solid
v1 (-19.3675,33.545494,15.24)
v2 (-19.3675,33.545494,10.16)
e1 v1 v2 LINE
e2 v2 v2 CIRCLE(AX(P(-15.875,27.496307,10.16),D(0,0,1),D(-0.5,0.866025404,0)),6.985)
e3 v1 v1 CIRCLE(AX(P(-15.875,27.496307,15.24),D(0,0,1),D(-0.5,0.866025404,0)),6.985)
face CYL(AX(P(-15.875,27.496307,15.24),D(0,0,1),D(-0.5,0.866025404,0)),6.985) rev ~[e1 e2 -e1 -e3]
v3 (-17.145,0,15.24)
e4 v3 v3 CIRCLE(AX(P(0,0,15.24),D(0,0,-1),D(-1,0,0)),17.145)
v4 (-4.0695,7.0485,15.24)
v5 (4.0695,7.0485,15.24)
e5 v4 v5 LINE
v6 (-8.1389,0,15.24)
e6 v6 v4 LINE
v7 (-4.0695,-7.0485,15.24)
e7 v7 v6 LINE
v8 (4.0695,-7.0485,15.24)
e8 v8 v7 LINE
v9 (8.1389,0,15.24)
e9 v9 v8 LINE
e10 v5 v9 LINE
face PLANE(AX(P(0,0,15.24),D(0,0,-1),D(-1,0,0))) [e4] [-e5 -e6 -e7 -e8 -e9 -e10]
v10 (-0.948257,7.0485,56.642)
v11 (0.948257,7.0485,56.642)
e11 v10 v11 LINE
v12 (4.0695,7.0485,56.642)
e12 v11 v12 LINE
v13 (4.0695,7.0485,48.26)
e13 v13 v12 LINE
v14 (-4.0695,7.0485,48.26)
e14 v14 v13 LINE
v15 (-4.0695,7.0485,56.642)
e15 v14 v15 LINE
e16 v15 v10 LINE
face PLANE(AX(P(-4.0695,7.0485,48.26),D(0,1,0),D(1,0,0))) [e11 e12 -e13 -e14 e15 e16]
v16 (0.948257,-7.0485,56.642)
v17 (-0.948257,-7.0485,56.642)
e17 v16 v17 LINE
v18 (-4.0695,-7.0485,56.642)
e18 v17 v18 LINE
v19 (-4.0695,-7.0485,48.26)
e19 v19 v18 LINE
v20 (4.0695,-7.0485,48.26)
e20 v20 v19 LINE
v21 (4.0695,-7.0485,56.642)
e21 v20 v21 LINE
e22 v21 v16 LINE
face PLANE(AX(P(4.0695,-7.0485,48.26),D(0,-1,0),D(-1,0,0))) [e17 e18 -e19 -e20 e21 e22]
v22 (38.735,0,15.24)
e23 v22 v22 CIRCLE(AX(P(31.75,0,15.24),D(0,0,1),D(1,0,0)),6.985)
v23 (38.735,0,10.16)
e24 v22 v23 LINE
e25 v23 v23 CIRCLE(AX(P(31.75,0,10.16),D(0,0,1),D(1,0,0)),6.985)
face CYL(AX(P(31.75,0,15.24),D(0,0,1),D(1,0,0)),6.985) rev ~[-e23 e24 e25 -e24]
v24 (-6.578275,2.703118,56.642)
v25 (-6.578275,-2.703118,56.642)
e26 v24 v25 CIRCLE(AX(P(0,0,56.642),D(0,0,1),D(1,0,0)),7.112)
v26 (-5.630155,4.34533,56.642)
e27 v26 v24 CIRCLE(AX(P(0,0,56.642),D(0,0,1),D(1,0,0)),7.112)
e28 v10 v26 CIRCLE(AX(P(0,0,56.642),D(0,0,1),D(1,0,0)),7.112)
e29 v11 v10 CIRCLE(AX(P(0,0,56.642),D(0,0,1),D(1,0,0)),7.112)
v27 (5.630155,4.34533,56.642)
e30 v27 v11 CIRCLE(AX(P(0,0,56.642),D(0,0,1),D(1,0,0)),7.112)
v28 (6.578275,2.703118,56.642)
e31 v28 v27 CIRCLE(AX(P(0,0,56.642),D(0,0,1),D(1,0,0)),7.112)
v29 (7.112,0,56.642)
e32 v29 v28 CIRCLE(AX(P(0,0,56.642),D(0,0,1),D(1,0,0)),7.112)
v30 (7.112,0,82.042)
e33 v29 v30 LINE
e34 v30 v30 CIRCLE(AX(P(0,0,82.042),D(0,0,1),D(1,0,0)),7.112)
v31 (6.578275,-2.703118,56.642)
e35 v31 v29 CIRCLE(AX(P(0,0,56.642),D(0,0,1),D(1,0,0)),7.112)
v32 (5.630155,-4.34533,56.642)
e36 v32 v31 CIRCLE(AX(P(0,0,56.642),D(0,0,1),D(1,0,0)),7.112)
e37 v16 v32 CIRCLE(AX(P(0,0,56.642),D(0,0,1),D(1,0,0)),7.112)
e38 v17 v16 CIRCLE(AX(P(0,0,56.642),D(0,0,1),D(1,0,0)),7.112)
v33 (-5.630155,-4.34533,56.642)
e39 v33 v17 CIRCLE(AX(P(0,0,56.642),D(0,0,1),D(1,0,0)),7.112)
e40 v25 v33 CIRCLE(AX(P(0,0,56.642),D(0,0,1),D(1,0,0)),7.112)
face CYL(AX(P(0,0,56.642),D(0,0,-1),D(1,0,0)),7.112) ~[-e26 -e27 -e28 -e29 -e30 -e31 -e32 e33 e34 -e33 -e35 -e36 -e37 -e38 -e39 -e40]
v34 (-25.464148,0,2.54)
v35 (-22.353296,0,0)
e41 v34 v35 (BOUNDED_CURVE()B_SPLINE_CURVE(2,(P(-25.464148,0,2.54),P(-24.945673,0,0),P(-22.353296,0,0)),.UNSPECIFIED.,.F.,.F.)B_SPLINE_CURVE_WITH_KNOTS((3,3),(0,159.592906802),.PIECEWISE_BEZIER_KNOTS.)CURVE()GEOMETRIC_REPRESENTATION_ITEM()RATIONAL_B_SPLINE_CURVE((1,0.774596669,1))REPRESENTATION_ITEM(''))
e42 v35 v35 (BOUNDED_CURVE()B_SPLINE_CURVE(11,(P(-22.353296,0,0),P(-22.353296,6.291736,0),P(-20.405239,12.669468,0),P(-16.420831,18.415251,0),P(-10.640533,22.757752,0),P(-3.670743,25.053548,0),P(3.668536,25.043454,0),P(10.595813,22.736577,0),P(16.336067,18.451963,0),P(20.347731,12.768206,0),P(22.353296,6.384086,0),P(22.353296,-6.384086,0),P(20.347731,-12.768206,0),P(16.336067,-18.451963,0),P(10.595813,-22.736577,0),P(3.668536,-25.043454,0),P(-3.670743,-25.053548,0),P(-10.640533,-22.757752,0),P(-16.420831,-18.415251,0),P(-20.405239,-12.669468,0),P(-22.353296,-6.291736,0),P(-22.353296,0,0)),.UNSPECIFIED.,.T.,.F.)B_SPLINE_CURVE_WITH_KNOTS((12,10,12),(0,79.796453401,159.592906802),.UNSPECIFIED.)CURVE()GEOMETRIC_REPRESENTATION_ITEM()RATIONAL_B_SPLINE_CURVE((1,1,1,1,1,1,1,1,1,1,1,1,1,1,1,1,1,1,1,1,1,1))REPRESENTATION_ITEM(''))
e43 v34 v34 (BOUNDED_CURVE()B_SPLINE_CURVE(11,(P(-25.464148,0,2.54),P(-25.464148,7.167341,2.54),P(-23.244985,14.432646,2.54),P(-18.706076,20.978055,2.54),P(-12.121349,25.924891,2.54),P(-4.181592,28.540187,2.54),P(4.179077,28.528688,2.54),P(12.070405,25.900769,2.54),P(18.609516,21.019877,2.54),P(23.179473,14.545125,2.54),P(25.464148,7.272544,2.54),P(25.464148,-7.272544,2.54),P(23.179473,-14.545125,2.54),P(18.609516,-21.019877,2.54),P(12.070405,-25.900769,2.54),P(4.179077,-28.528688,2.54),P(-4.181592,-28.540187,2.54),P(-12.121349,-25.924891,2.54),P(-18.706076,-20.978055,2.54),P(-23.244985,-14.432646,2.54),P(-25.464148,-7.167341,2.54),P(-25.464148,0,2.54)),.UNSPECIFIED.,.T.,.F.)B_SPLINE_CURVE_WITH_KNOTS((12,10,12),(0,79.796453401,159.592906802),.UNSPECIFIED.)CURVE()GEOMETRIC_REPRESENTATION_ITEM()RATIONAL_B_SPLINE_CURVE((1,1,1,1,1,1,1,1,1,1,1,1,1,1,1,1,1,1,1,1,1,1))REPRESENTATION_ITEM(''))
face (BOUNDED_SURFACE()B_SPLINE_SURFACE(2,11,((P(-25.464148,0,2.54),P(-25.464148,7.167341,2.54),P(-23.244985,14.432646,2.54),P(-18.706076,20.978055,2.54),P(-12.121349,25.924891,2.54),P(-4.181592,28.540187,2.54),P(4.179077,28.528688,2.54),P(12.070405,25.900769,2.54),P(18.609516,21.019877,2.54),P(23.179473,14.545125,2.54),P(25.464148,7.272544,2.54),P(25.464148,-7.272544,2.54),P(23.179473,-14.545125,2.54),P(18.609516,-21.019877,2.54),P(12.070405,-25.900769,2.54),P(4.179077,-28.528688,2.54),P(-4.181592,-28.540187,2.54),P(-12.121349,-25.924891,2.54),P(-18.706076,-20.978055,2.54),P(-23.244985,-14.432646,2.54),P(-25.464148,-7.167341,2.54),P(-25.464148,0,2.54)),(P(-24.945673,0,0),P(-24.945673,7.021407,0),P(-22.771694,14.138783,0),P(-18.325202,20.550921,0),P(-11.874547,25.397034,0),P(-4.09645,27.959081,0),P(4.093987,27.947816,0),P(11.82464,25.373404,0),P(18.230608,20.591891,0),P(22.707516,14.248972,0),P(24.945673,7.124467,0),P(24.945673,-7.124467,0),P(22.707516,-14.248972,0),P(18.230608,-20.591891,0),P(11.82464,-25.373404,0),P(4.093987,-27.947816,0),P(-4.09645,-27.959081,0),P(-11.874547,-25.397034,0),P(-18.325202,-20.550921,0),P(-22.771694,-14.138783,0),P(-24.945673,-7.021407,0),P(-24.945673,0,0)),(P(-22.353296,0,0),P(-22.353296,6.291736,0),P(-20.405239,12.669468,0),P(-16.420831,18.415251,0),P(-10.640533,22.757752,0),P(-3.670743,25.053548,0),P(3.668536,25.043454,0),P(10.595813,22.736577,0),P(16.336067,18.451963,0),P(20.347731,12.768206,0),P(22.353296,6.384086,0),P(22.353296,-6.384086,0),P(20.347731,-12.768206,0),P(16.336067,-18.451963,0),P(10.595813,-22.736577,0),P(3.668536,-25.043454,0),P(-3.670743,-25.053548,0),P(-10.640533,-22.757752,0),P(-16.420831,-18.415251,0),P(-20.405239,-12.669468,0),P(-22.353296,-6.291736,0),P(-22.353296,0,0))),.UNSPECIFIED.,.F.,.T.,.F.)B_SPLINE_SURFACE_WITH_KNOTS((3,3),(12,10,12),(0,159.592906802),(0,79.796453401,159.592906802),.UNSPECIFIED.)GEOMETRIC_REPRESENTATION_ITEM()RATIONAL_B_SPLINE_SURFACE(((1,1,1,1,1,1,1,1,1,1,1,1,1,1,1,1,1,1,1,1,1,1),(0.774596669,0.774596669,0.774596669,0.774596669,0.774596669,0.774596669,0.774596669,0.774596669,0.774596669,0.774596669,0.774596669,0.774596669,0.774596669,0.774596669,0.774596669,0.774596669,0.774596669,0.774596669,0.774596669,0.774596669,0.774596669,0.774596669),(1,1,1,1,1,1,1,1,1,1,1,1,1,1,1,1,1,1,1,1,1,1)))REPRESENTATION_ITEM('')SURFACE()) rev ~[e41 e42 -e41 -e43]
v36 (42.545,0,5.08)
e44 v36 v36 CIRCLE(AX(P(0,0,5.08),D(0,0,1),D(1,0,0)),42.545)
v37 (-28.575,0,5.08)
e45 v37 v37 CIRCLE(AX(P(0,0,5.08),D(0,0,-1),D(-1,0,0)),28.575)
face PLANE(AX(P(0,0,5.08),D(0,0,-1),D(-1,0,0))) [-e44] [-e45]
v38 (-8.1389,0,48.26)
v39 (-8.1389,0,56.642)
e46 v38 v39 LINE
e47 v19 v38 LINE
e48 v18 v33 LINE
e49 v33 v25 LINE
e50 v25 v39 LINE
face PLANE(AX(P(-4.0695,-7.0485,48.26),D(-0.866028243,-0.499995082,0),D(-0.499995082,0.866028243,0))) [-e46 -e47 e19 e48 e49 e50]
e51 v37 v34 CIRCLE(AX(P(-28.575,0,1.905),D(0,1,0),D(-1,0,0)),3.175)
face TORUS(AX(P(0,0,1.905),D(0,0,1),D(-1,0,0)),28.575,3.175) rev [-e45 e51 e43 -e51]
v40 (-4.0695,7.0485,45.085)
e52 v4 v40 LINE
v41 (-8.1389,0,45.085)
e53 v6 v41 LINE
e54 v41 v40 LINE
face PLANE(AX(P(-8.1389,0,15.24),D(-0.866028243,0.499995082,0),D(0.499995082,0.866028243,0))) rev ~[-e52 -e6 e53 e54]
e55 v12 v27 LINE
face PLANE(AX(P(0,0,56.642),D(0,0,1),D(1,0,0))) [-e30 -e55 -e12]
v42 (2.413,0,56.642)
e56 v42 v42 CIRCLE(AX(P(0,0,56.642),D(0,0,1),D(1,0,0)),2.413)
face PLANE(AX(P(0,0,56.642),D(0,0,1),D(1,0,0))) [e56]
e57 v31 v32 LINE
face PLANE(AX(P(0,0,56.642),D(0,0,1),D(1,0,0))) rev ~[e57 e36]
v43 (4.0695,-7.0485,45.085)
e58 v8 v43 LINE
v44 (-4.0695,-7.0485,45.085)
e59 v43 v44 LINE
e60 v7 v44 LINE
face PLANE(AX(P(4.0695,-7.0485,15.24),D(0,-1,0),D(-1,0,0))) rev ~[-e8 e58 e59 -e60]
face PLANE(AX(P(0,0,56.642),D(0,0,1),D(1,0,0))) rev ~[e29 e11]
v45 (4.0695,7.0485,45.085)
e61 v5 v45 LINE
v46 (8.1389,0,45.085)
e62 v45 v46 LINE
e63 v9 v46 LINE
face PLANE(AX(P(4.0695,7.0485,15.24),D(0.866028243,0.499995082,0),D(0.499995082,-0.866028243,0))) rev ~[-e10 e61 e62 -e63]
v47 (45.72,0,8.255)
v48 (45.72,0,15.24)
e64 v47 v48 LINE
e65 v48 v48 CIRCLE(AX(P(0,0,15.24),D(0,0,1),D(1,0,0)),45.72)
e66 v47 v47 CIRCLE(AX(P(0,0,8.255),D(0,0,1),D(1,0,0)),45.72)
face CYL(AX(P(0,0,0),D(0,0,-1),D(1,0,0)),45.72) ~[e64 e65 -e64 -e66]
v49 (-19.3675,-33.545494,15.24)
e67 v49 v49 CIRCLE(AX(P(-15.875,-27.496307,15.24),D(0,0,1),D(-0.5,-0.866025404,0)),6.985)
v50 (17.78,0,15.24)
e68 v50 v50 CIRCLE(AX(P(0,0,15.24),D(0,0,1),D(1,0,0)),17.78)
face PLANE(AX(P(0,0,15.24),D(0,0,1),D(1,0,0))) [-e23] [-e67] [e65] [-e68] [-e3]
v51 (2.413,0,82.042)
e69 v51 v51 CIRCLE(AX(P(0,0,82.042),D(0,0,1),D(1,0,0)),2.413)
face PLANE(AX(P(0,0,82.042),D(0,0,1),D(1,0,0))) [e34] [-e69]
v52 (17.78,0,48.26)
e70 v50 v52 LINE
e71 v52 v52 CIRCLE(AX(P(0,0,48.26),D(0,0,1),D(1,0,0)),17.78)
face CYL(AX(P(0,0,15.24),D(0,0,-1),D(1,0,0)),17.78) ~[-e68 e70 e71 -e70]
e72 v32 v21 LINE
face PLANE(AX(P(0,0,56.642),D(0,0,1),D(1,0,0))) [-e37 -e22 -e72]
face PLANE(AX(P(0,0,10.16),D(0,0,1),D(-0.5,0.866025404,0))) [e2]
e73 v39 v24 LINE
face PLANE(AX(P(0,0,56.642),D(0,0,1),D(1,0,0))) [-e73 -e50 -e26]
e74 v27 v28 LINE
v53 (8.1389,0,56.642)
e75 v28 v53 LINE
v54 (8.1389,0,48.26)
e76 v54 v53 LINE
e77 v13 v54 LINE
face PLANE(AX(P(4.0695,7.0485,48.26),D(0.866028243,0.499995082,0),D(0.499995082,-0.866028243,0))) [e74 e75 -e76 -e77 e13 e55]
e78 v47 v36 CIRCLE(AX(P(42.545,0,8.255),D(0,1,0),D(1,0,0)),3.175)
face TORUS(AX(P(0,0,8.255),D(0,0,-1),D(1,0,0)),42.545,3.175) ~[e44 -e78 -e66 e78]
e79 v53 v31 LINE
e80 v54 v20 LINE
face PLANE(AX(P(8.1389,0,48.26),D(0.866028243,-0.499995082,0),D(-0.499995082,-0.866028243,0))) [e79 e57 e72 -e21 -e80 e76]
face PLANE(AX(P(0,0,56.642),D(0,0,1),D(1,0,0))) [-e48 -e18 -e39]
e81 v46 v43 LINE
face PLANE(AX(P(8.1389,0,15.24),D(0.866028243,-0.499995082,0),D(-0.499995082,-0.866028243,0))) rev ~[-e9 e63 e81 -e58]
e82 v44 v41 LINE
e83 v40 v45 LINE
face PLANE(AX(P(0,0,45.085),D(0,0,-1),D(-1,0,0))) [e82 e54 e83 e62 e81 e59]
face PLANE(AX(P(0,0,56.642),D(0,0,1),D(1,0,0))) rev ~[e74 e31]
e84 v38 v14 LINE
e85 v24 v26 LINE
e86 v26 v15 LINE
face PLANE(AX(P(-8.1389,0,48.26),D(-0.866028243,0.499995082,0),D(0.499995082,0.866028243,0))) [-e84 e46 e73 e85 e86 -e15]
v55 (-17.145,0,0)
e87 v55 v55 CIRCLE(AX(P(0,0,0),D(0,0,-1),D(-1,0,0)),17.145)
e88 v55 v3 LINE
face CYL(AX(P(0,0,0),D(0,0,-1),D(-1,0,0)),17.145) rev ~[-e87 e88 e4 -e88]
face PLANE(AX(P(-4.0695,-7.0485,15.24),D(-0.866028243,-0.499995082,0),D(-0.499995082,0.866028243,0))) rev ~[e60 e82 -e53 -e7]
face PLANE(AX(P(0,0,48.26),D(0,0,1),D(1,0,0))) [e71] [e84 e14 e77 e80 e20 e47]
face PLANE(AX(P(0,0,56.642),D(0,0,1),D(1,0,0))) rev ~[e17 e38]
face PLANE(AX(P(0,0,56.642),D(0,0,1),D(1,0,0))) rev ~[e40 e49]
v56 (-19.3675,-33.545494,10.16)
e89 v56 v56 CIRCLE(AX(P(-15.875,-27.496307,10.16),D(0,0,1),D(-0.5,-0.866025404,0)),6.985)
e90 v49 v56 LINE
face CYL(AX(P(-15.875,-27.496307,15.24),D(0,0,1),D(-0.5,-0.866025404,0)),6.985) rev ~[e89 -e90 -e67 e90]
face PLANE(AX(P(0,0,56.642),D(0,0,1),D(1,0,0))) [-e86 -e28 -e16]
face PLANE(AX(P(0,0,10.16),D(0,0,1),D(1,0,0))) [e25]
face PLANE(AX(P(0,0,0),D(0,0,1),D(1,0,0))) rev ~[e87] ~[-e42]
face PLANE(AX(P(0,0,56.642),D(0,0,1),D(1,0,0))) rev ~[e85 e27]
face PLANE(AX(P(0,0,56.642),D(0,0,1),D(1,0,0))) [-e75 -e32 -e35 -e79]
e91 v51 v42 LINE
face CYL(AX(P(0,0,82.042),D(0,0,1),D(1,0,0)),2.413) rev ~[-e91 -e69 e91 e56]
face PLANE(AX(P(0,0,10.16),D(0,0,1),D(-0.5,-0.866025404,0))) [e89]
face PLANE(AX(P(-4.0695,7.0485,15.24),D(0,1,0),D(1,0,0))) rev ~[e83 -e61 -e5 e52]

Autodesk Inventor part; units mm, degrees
ref_plane "YZ Plane" through (0, 0, 0) normal (1, 0, 0) x (0, 1, 0)
ref_plane "XZ Plane" through (0, 0, 0) normal (0, 1, 0) x (-1, 0, 0)
ref_plane "XY Plane" through (0, 0, 0) normal (0, 0, 1) x (1, 0, 0)
sketch "Sketch1" plane through (0, 0, 0) normal (0, 0, 1) x (1, 0, 0)
  circle A0 centre (0, 0) radius 45.72
  dimension "d0" = 91.44
extrude "Extrusion1" add sketch "Sketch1" along normal blind 15.24
sketch "Sketch2" plane through (0, 0, 15.24) normal (0, 0, 1) x (1, 0, 0)
  circle A0 centre (0, 0) radius 17.78
  dimension "d3" = 35.56
extrude "Extrusion2" add sketch "Sketch2" along normal blind 33.02
sketch "Sketch3" plane through (0, 0, 48.26) normal (0, 0, 1) x (1, 0, 0)
  line L0 (4.0695, 7.0485) -> (8.1389, 0)
  line L1 (8.1389, 0) -> (4.0695, -7.0485)
  line L2 (4.0695, -7.0485) -> (-4.0695, -7.0485)
  line L3 (-4.0695, -7.0485) -> (-8.1389, 0)
  line L4 (-8.1389, 0) -> (-4.0695, 7.0485)
  line L5 (-4.0695, 7.0485) -> (4.0695, 7.0485)
  point P0 (0, 0)
  point P1 (0, 0)
  dimension "d6" = 14.097
extrude "Extrusion3" add sketch "Sketch3" along normal blind 8.382
sketch "Sketch4" plane through (0, 0, 56.642) normal (0, 0, 1) x (1, 0, 0)
  circle A0 centre (0, 0) radius 7.112
  dimension "d9" = 14.224
extrude "Extrusion4" add sketch "Sketch4" along normal blind 25.4
sketch "Sketch5" plane through (0, 0, 82.042) normal (0, 0, 1) x (1, 0, 0)
  circle A0 centre (0, 0) radius 2.413
  dimension "d12" = 4.826
extrude "Extrusion5" cut sketch "Sketch5" against normal up to surface (25.4 mm away)
sketch "Sketch6" plane through (0, 0, 0) normal (0, 0, -1) x (-1, 0, 0)
  circle A0 centre (0, 0) radius 45.72 projected
  circle A1 centre (0, 0) radius 25.4
  dimension "d15" = 50.8
extrude "Extrusion6" cut sketch "Sketch6" against normal blind 5.08
sketch "Sketch7" plane through (0, 0, 0) normal (0, 0, -1) x (-1, 0, 0)
  circle A0 centre (0, 0) radius 17.145
  dimension "d19" = 34.29
extrude "Extrusion7" cut sketch "Sketch7" against normal blind 15.24
fillet "Fillet1" radius 3.175 3 edges at (-45.72, 0, 5.08) (25.4, 0, 5.08) (25.4, 0, 0)
sketch "Sketch8" plane through (0, 0, 15.24) normal (0, 0, -1) x (-1, 0, 0)
  line L0 (8.1389, 0) -> (4.0695, 7.0485) projected
  line L1 (4.0695, -7.0485) -> (8.1389, 0) projected
  line L2 (-4.0695, -7.0485) -> (4.0695, -7.0485) projected
  line L3 (-8.1389, 0) -> (-4.0695, -7.0485) projected
  line L4 (-4.0695, 7.0485) -> (-8.1389, 0) projected
  line L5 (4.0695, 7.0485) -> (-4.0695, 7.0485) projected
  line L6 (4.0695, 7.0485) -> (8.1389, 0)
  line L7 (8.1389, 0) -> (4.0695, -7.0485)
  line L8 (4.0695, -7.0485) -> (-4.0695, -7.0485)
  line L9 (-4.0695, -7.0485) -> (-8.1389, 0)
  line L10 (-8.1389, 0) -> (-4.0695, 7.0485)
  line L11 (-4.0695, 7.0485) -> (4.0695, 7.0485)
  point P0 (0, 0)
  point P1 (0, 0)
extrude "Extrusion8" cut sketch "Sketch8" against normal blind 29.845
sketch "Sketch9" plane through (0, 0, 15.24) normal (0, 0, 1) x (1, 0, 0)
  circle A0 centre (31.75, 0) radius 6.985
  circle A1 centre (0, 0) radius 45.72 projected
  line L0 (31.75, 0) -> (45.72, 0) construction
  line L1 (0, 0) -> (31.75, 0) construction
  dimension "d24" = 13.97
  dimension "d25" = 13.97
extrude "Extrusion9" cut sketch "Sketch9" against normal blind 5.08 contours A0
pattern_circular "Circular Pattern1" count 3 over 360 about axis through (0, 0, 15.24) along (0, 0, 1) of "Extrusion9"
properties part number "Cutter"
